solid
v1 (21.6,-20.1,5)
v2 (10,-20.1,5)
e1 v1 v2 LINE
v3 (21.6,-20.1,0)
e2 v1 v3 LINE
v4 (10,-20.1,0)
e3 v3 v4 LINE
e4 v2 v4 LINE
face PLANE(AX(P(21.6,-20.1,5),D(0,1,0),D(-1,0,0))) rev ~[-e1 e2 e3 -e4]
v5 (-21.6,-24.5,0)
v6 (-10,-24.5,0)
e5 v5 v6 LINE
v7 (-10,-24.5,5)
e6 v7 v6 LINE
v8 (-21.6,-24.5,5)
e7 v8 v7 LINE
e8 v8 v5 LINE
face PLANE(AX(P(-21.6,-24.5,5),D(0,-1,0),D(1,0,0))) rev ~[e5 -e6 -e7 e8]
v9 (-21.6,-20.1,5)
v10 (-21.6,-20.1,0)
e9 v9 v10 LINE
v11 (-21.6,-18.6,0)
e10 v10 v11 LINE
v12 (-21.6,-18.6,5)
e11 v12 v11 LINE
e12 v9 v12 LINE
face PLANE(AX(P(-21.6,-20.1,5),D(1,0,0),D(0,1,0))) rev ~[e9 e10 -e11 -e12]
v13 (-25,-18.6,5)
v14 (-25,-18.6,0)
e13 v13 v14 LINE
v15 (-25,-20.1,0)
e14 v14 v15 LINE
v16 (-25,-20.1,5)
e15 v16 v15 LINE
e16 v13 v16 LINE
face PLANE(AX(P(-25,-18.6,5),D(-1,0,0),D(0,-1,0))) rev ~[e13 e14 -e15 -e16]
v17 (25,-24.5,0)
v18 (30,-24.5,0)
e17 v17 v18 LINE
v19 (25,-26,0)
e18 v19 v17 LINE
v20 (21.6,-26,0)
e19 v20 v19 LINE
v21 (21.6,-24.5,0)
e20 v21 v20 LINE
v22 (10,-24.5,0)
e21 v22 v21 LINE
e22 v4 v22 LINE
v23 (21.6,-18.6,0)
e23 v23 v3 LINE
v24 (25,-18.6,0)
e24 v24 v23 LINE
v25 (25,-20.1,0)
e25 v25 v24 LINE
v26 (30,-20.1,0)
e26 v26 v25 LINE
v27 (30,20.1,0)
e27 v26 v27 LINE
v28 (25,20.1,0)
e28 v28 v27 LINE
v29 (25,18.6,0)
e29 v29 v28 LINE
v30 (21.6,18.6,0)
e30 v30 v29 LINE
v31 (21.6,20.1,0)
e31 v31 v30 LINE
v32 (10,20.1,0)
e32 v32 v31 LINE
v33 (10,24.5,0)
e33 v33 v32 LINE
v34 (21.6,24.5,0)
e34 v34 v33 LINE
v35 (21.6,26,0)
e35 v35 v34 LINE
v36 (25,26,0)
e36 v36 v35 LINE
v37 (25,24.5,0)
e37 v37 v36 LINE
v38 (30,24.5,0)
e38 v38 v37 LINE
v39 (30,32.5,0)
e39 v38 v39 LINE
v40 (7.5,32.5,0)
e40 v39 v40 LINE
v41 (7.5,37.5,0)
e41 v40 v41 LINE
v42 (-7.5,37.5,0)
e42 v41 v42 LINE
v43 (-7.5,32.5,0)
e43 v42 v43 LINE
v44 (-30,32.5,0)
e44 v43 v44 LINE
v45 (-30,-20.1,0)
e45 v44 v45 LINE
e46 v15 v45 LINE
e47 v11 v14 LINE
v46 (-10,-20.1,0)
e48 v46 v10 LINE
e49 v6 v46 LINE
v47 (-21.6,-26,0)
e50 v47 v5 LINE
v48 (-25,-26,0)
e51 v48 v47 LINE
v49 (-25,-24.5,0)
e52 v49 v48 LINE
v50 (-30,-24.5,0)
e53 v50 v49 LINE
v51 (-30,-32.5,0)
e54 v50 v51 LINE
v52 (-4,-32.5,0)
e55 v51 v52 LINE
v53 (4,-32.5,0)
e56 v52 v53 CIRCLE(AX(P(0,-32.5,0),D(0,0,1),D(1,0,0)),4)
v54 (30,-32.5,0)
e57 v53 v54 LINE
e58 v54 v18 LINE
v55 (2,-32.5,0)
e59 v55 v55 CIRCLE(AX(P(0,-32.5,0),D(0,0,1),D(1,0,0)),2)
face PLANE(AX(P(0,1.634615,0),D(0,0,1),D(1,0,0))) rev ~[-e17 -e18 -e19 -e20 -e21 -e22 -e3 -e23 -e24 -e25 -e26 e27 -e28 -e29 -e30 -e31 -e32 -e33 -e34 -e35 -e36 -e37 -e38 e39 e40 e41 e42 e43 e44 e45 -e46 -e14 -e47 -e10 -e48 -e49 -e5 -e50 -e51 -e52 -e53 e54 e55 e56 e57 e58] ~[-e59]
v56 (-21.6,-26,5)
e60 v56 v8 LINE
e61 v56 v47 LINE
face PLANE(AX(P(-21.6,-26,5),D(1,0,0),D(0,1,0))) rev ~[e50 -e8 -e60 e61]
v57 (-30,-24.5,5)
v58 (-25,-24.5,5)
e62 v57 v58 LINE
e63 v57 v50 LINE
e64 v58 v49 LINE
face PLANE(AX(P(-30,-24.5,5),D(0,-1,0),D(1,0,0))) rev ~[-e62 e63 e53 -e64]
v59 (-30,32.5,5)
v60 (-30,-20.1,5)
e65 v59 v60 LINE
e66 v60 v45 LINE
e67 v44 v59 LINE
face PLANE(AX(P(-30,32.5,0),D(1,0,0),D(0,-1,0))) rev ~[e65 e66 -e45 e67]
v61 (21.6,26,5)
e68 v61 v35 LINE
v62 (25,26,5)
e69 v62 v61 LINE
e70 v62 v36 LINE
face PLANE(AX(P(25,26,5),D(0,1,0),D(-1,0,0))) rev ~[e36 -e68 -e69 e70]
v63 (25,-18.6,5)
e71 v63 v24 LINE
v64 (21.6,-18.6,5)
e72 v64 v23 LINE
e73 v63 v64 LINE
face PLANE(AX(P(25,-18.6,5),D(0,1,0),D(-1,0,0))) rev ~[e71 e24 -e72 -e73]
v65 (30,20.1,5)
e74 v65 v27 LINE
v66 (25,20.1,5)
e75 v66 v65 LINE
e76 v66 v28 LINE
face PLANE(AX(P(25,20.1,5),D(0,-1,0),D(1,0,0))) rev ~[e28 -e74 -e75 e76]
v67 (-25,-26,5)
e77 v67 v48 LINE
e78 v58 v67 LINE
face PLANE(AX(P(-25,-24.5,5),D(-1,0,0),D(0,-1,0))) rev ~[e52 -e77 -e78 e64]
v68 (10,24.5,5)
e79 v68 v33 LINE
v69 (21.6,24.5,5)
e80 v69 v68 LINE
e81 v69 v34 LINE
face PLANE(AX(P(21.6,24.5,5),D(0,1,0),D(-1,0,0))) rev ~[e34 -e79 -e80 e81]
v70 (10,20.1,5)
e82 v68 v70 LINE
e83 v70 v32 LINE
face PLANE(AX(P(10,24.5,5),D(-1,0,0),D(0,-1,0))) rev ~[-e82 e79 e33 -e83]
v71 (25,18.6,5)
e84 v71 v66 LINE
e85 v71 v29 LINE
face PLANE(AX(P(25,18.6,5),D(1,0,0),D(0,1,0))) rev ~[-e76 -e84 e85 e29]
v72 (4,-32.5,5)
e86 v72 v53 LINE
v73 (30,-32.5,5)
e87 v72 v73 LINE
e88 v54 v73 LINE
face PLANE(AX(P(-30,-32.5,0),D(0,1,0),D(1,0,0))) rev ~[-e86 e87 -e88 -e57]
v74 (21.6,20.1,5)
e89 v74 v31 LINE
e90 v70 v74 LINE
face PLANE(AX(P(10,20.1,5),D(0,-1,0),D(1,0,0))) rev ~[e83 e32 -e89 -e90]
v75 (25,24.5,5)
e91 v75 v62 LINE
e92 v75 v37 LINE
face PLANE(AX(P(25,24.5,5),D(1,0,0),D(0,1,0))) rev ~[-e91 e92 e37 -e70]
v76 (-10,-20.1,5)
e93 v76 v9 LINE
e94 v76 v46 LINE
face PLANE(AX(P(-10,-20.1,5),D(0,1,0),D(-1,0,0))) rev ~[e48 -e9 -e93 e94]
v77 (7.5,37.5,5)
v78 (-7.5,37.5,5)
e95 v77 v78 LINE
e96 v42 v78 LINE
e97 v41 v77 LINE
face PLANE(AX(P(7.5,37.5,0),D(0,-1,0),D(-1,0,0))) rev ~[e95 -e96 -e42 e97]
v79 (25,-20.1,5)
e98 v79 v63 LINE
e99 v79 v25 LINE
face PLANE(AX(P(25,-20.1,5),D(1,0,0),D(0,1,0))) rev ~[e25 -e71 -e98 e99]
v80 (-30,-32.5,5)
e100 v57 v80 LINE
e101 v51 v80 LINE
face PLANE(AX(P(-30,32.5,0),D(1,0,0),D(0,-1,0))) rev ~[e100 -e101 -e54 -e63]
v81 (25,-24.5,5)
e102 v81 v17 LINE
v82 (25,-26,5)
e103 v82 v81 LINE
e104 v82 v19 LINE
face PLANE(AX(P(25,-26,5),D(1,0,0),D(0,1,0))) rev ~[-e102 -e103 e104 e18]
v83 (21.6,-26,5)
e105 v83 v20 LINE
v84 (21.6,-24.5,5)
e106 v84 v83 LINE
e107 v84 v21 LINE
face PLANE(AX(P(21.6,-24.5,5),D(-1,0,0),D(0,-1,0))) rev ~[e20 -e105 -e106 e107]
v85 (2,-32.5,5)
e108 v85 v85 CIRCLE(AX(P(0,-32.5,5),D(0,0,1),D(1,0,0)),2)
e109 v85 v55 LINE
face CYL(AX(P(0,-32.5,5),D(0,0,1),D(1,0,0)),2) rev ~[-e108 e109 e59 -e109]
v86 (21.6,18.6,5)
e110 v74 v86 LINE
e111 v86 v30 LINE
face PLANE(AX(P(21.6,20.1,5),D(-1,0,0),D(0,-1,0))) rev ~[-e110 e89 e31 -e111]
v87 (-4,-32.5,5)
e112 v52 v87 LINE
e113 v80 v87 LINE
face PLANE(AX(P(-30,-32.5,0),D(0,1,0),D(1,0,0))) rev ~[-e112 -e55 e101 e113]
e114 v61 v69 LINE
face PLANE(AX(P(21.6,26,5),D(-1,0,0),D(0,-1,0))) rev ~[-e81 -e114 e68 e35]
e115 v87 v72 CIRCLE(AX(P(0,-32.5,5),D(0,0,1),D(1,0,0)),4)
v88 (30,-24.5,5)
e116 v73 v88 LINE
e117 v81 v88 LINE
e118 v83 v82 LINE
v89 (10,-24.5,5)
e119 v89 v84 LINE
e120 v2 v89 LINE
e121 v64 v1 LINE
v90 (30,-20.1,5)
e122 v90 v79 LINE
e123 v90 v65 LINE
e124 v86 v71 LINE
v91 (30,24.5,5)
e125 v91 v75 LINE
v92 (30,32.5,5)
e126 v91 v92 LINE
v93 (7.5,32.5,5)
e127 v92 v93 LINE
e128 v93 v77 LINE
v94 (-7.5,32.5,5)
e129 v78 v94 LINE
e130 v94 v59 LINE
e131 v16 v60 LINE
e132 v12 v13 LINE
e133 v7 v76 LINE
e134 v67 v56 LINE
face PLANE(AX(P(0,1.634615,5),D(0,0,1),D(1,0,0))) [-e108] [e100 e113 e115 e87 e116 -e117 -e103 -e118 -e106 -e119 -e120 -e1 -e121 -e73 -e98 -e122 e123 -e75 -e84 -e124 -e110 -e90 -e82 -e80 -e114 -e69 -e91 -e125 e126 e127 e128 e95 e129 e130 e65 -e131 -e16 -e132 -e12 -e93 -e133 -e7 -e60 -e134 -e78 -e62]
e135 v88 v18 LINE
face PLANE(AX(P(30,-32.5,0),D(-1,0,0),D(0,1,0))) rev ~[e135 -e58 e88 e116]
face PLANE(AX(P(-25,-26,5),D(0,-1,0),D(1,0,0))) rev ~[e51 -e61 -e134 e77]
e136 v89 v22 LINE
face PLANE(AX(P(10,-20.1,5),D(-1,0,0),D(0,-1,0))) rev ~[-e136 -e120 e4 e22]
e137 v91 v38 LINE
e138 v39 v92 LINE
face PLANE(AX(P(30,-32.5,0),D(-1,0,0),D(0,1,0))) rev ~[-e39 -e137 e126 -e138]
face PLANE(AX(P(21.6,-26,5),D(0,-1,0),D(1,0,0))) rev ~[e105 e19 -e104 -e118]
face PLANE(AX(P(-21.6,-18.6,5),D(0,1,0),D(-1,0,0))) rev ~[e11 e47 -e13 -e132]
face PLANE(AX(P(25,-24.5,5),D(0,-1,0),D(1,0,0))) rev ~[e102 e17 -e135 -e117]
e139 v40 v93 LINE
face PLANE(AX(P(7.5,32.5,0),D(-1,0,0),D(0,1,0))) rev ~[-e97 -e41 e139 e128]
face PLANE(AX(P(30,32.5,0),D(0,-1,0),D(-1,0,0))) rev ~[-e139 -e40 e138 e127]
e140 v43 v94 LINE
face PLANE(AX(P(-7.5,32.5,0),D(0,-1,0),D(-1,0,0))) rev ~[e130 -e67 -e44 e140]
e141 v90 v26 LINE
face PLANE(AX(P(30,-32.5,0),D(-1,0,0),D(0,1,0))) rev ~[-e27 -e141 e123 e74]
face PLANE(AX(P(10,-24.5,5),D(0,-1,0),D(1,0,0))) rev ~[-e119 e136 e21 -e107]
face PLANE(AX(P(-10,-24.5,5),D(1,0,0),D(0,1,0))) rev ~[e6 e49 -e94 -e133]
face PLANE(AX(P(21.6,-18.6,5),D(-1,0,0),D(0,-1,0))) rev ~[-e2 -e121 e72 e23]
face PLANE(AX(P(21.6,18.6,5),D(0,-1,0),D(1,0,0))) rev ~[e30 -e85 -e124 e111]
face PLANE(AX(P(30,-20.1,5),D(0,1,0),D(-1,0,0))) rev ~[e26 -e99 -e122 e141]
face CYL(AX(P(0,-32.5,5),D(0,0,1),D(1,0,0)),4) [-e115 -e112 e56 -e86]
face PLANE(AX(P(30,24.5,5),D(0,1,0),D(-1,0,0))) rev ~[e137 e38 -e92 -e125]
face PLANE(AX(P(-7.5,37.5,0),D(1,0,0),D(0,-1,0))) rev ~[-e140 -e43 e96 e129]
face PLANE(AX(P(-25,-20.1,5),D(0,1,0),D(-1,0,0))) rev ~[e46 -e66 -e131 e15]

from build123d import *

# Parameters (mm, degrees)
BOSS_EXTRUDE1_DEPTH = 5
CUT_EXTRUDE1_DEPTH  = 5
SKETCH5_R           = 4
SKETCH5_R_2         = 2
BOSS_EXTRUDE2_DEPTH = 5
SKETCH6_R           = 2
CUT_EXTRUDE2_DEPTH  = 5


with BuildPart() as part:
    # Sketch1 → Boss-Extrude1 (new body)
    with BuildSketch(Plane.XY):
        Polygon((7.5, 32.5), (7.5, 37.5), (-7.5, 37.5), (-7.5, 32.5), (-30, 32.5), (-30, -32.5), (30, -32.5), (30, 32.5), align=None)
    extrude(amount=BOSS_EXTRUDE1_DEPTH)

    # Sketch3 → Cut-Extrude1 (cut)
    with BuildSketch(Plane.XY.offset(5)):
        Polygon((30, 24.5), (25, 24.5), (25, 26), (21.6, 26), (21.6, 24.5), (10, 24.5), (10, 20.1), (21.6, 20.1), (21.6, 18.6), (25, 18.6), (25, 20.1), (30, 20.1), align=None)
        Polygon((30, -24.5), (30, -20.1), (25, -20.1), (25, -18.6), (21.6, -18.6), (21.6, -20.1), (10, -20.1), (10, -24.5), (21.6, -24.5), (21.6, -26), (25, -26), (25, -24.5), align=None)
        Polygon((-30, -24.5), (-25, -24.5), (-25, -26), (-21.6, -26), (-21.6, -24.5), (-10, -24.5), (-10, -20.1), (-21.6, -20.1), (-21.6, -18.6), (-25, -18.6), (-25, -20.1), (-30, -20.1), align=None)
    extrude(amount=-CUT_EXTRUDE1_DEPTH, mode=Mode.SUBTRACT)

    # Sketch5 → Boss-Extrude2 (add)
    with BuildSketch(Plane.XY.offset(5)):
        with Locations((0, -32.5)):
            Circle(SKETCH5_R)
        with Locations((0, -32.5)):
            Circle(SKETCH5_R_2, mode=Mode.SUBTRACT)
    extrude(amount=-BOSS_EXTRUDE2_DEPTH)

    # Sketch6 → Cut-Extrude2 (cut)
    with BuildSketch(Plane.XY.offset(5)):
        with Locations((0, -32.5)):
            Circle(SKETCH6_R)
    extrude(amount=-CUT_EXTRUDE2_DEPTH, mode=Mode.SUBTRACT)


solid = part.part
